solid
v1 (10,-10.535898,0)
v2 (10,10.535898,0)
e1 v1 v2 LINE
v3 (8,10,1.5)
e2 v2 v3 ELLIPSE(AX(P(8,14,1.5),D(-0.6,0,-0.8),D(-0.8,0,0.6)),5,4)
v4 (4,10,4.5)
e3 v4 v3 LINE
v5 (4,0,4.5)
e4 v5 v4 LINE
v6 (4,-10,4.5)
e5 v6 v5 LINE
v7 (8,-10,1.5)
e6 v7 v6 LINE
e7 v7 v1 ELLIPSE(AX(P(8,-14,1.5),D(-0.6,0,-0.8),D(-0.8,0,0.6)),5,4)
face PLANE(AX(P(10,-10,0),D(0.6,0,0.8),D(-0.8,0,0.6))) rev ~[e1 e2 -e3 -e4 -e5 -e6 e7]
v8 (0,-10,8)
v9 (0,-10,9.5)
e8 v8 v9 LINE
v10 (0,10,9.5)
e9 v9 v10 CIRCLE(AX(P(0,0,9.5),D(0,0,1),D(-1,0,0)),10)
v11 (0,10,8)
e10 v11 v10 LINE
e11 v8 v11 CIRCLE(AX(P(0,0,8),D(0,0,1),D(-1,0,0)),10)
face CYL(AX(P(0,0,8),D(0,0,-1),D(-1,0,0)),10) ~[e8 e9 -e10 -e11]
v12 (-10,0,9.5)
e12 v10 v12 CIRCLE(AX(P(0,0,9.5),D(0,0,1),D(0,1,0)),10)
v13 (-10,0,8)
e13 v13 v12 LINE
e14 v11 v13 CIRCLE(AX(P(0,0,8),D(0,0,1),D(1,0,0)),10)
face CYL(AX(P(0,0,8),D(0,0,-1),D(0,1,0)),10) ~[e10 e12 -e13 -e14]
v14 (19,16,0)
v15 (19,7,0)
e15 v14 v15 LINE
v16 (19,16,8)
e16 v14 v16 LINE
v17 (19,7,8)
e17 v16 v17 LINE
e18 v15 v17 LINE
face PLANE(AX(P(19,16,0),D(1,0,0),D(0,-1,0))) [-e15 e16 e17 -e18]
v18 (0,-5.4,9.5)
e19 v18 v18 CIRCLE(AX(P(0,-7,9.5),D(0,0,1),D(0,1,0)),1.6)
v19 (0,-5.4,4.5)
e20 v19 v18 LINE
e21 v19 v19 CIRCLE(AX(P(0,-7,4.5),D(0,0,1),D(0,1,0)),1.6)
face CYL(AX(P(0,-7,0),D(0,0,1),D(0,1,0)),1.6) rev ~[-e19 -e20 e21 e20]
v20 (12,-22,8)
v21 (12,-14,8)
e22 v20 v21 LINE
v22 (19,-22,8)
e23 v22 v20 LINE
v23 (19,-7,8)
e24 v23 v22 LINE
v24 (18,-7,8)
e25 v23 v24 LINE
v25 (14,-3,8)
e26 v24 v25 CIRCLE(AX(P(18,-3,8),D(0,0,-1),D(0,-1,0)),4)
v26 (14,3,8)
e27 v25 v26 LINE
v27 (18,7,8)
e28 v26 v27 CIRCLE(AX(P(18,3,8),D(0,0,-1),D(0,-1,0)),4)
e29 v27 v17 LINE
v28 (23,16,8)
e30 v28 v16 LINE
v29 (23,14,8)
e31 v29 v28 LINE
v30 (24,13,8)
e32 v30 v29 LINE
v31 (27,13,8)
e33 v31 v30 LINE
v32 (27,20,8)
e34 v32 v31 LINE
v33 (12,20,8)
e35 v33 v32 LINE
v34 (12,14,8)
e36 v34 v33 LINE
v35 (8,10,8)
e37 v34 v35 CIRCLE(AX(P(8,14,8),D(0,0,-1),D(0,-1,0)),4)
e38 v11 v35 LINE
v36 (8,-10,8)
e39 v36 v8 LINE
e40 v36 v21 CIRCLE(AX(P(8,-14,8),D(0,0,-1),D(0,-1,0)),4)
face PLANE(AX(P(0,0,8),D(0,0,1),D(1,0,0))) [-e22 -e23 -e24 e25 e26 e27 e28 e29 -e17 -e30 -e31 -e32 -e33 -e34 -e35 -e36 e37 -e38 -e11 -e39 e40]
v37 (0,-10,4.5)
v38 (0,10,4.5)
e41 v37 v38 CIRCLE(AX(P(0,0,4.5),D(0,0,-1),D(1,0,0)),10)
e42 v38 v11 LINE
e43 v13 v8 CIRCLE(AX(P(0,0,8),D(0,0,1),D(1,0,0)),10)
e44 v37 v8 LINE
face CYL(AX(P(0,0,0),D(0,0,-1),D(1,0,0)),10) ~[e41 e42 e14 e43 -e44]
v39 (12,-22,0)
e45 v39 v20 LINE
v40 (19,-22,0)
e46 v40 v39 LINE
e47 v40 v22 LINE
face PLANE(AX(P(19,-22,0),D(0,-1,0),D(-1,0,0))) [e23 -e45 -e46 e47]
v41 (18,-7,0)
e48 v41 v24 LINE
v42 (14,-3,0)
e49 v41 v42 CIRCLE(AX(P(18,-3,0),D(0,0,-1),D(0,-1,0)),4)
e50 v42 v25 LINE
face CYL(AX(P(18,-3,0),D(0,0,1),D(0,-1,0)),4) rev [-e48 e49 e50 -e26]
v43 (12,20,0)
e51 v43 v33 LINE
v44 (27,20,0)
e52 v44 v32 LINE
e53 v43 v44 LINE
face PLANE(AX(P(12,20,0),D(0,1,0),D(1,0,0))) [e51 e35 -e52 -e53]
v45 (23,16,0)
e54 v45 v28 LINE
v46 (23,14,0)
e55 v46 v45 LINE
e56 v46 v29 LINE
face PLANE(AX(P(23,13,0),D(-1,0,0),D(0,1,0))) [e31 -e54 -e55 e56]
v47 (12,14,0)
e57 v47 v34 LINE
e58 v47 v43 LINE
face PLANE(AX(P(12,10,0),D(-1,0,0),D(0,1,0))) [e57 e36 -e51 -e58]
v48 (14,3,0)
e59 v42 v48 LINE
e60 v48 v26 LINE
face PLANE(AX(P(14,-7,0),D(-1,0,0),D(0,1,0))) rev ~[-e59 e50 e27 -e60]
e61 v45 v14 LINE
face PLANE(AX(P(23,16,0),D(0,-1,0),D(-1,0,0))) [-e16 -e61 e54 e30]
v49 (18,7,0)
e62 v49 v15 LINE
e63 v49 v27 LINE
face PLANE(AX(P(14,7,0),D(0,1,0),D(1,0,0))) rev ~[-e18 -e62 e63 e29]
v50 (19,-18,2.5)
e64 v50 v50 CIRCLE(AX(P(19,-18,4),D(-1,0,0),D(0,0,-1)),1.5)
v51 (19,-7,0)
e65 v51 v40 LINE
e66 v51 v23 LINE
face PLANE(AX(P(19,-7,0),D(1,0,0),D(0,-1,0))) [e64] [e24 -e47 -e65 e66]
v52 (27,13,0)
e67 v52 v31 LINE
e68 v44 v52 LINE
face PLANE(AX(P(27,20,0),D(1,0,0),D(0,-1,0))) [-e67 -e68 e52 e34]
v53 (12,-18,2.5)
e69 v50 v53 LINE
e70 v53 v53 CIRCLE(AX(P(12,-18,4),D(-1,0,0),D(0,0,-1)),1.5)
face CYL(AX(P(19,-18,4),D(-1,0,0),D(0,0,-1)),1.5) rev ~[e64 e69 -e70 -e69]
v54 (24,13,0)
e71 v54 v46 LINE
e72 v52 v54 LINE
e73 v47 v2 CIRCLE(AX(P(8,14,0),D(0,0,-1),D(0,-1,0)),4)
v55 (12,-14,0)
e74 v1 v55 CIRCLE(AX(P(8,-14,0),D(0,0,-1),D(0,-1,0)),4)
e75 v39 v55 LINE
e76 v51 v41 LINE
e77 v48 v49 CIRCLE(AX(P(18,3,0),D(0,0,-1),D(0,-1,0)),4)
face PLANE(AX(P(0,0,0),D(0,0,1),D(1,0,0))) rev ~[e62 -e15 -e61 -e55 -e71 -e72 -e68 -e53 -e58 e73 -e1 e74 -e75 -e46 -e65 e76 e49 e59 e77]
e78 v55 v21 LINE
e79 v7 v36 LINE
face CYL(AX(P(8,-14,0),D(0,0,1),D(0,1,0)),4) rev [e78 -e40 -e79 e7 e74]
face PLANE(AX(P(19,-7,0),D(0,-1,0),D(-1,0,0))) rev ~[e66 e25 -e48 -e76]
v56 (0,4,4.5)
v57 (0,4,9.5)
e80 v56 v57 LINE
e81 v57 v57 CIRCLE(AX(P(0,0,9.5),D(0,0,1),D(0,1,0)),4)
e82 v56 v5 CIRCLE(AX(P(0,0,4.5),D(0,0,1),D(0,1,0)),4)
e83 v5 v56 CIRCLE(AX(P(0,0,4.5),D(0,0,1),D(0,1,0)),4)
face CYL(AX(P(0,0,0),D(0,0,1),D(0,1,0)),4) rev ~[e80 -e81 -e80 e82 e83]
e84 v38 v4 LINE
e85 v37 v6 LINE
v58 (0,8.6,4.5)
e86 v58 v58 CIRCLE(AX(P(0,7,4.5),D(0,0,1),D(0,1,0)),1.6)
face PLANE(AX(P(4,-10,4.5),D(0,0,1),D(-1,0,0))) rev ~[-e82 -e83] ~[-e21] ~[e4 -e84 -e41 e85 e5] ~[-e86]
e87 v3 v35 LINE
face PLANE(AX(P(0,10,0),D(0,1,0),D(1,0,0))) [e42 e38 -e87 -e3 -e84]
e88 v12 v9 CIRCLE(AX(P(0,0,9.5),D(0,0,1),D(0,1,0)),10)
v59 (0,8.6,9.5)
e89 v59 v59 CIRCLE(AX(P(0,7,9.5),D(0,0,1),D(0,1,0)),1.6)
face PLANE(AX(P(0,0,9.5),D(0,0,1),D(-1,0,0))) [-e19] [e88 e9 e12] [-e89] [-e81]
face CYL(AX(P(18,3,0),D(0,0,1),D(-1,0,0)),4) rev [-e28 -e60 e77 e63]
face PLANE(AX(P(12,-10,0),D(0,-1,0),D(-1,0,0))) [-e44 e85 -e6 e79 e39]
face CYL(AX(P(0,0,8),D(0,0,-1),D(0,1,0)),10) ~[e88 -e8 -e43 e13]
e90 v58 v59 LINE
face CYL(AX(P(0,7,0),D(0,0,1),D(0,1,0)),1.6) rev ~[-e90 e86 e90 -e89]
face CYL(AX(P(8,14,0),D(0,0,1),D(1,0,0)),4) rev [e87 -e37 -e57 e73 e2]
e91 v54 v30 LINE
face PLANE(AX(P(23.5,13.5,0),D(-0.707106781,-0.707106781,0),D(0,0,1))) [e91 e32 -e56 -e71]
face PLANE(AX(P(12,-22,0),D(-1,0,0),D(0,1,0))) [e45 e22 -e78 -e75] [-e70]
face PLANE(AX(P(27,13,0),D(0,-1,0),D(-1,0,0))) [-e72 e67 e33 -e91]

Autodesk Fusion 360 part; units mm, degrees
sketch "スケッチ1" plane through (0, 0, 0) normal (0, 0, 1) x (1, 0, 0)
  circle A0 centre (0, 0) radius 10
  line L0 (0, 10) -> (12, 10)
  line L1 (12, 10) -> (12, 20)
  line L2 (12, 20) -> (27, 20)
  line L3 (27, 20) -> (27, 13)
  line L4 (27, 13) -> (23, 13)
  line L5 (23, 13) -> (23, 16)
  line L6 (23, 16) -> (19, 16)
  line L7 (19, 16) -> (19, -22)
  line L8 (19, -22) -> (12, -22)
  line L9 (12, -22) -> (12, -10)
  line L10 (12, -10) -> (0, -10)
  line L11 (0, -7) -> (0, 7)
  line L12 (19, -7) -> (14, -7)
  line L13 (14, -7) -> (14, 7)
  line L14 (14, 7) -> (19, 7)
  point P0 (14, 0)
  dimension "d1" = 20
  dimension "d2" = 12
  dimension "d4" = 4
  dimension "d5" = 4
  dimension "d6" = 7
  dimension "d8" = 4
  dimension "d9" = 3
  dimension "d19" = 14
  dimension "d29" = 13
  dimension "d30" = 22
  dimension "d31" = 5
  dimension "d32" = 14
extrude "押し出し1" add sketch "スケッチ1" along normal blind 8 contours A0 | A0 L0 L1 L2 L3 L4 L5 L6 L7 L8 L9 L10 L12 L13 L14
sketch "スケッチ2" plane through (0, 0, 8) normal (0, 0, 1) x (-1, 0, 0)
  arc A0 (0, -10) -> (0, 10) centre (0, 0) ccw
  line L0 (0, 10) -> (-12, 10)
  line L1 (-12, 10) -> (-12, 22)
  line L2 (-12, 22) -> (-19, 22)
  line L3 (-19, -7) -> (-19, -16)
  line L4 (-19, -16) -> (-23, -16)
  line L5 (-23, -16) -> (-23, -13)
  line L6 (-23, -13) -> (-27, -13)
  line L7 (-27, -13) -> (-27, -20)
  line L8 (-27, -20) -> (-12, -20)
  line L9 (-12, -20) -> (-12, -10)
  line L10 (-12, -10) -> (0, -10)
  circle A1 centre (0, 0) radius 10
  line L11 (-19, 7) -> (-14, 7)
  line L12 (-14, 7) -> (-14, -7)
  line L13 (-14, -7) -> (-19, -7)
  line L14 (-19, 22) -> (-19, 7)
extrude "押し出し2" add sketch "スケッチ2" along normal blind 1.5 contours A0 A1
hole "穴1" at (0, 7, 0) at (0, -7, 0) direction (0, 0, 1) diameter 3.2 end through all
hole "穴3" at (0, 0, 0) direction (0, 0, 1) diameter 8 end through all
sketch "スケッチ3" plane through (0, -10, 0) normal (0, -1, 0) x (1, 0, 0)
  line L0 (0, 0) -> (12, 0)
  line L1 (12, 0) -> (12, 8)
  line L2 (12, 8) -> (0, 8)
  line L3 (0, 8) -> (0, 0)
  line L4 (10, 0) -> (4, 4.5)
  line L5 (4, 4.5) -> (-15, 4.5)
  line L6 (-15, 4.5) -> (-15, 0)
  line L7 (-15, 0) -> (10, 0)
  dimension "d20" = 10
  dimension "d21" = 15
  dimension "d22" = 6
  dimension "d23" = 4.5
extrude "押し出し3" cut sketch "スケッチ3" against normal through all contours L0 L3 L4 L5 L7 | L3 L5 L6 L7
sketch "スケッチ4" plane through (19, 0, 0) normal (1, 0, 0) x (0, 1, 0)
  line L0 (-22, 0) -> (-7, 0)
  line L1 (16, 0) -> (16, 8)
  line L2 (-7, 8) -> (-22, 8)
  line L3 (-22, 8) -> (-22, 0)
  line L4 (-22, 4) -> (-18, 4)
  line L5 (-7, 0) -> (-7, 8)
  line L6 (7, 0) -> (16, 0)
  line L7 (16, 8) -> (7, 8)
  line L8 (7, 8) -> (7, 0)
  dimension "d25" = 4
hole "穴2" at (19, -18, 4) direction (-1, 0, 0) diameter 3 depth 11 tip angle 118
thread "ねじ1"
chamfer "面取り1" distance 1 angle 45 1 edges at (23, 13, 4)
fillet "フィレット1" radius 4 4 edges at (12, 10, 4) (12, -10, 4) (14, -7, 4) (14, 7, 4)
